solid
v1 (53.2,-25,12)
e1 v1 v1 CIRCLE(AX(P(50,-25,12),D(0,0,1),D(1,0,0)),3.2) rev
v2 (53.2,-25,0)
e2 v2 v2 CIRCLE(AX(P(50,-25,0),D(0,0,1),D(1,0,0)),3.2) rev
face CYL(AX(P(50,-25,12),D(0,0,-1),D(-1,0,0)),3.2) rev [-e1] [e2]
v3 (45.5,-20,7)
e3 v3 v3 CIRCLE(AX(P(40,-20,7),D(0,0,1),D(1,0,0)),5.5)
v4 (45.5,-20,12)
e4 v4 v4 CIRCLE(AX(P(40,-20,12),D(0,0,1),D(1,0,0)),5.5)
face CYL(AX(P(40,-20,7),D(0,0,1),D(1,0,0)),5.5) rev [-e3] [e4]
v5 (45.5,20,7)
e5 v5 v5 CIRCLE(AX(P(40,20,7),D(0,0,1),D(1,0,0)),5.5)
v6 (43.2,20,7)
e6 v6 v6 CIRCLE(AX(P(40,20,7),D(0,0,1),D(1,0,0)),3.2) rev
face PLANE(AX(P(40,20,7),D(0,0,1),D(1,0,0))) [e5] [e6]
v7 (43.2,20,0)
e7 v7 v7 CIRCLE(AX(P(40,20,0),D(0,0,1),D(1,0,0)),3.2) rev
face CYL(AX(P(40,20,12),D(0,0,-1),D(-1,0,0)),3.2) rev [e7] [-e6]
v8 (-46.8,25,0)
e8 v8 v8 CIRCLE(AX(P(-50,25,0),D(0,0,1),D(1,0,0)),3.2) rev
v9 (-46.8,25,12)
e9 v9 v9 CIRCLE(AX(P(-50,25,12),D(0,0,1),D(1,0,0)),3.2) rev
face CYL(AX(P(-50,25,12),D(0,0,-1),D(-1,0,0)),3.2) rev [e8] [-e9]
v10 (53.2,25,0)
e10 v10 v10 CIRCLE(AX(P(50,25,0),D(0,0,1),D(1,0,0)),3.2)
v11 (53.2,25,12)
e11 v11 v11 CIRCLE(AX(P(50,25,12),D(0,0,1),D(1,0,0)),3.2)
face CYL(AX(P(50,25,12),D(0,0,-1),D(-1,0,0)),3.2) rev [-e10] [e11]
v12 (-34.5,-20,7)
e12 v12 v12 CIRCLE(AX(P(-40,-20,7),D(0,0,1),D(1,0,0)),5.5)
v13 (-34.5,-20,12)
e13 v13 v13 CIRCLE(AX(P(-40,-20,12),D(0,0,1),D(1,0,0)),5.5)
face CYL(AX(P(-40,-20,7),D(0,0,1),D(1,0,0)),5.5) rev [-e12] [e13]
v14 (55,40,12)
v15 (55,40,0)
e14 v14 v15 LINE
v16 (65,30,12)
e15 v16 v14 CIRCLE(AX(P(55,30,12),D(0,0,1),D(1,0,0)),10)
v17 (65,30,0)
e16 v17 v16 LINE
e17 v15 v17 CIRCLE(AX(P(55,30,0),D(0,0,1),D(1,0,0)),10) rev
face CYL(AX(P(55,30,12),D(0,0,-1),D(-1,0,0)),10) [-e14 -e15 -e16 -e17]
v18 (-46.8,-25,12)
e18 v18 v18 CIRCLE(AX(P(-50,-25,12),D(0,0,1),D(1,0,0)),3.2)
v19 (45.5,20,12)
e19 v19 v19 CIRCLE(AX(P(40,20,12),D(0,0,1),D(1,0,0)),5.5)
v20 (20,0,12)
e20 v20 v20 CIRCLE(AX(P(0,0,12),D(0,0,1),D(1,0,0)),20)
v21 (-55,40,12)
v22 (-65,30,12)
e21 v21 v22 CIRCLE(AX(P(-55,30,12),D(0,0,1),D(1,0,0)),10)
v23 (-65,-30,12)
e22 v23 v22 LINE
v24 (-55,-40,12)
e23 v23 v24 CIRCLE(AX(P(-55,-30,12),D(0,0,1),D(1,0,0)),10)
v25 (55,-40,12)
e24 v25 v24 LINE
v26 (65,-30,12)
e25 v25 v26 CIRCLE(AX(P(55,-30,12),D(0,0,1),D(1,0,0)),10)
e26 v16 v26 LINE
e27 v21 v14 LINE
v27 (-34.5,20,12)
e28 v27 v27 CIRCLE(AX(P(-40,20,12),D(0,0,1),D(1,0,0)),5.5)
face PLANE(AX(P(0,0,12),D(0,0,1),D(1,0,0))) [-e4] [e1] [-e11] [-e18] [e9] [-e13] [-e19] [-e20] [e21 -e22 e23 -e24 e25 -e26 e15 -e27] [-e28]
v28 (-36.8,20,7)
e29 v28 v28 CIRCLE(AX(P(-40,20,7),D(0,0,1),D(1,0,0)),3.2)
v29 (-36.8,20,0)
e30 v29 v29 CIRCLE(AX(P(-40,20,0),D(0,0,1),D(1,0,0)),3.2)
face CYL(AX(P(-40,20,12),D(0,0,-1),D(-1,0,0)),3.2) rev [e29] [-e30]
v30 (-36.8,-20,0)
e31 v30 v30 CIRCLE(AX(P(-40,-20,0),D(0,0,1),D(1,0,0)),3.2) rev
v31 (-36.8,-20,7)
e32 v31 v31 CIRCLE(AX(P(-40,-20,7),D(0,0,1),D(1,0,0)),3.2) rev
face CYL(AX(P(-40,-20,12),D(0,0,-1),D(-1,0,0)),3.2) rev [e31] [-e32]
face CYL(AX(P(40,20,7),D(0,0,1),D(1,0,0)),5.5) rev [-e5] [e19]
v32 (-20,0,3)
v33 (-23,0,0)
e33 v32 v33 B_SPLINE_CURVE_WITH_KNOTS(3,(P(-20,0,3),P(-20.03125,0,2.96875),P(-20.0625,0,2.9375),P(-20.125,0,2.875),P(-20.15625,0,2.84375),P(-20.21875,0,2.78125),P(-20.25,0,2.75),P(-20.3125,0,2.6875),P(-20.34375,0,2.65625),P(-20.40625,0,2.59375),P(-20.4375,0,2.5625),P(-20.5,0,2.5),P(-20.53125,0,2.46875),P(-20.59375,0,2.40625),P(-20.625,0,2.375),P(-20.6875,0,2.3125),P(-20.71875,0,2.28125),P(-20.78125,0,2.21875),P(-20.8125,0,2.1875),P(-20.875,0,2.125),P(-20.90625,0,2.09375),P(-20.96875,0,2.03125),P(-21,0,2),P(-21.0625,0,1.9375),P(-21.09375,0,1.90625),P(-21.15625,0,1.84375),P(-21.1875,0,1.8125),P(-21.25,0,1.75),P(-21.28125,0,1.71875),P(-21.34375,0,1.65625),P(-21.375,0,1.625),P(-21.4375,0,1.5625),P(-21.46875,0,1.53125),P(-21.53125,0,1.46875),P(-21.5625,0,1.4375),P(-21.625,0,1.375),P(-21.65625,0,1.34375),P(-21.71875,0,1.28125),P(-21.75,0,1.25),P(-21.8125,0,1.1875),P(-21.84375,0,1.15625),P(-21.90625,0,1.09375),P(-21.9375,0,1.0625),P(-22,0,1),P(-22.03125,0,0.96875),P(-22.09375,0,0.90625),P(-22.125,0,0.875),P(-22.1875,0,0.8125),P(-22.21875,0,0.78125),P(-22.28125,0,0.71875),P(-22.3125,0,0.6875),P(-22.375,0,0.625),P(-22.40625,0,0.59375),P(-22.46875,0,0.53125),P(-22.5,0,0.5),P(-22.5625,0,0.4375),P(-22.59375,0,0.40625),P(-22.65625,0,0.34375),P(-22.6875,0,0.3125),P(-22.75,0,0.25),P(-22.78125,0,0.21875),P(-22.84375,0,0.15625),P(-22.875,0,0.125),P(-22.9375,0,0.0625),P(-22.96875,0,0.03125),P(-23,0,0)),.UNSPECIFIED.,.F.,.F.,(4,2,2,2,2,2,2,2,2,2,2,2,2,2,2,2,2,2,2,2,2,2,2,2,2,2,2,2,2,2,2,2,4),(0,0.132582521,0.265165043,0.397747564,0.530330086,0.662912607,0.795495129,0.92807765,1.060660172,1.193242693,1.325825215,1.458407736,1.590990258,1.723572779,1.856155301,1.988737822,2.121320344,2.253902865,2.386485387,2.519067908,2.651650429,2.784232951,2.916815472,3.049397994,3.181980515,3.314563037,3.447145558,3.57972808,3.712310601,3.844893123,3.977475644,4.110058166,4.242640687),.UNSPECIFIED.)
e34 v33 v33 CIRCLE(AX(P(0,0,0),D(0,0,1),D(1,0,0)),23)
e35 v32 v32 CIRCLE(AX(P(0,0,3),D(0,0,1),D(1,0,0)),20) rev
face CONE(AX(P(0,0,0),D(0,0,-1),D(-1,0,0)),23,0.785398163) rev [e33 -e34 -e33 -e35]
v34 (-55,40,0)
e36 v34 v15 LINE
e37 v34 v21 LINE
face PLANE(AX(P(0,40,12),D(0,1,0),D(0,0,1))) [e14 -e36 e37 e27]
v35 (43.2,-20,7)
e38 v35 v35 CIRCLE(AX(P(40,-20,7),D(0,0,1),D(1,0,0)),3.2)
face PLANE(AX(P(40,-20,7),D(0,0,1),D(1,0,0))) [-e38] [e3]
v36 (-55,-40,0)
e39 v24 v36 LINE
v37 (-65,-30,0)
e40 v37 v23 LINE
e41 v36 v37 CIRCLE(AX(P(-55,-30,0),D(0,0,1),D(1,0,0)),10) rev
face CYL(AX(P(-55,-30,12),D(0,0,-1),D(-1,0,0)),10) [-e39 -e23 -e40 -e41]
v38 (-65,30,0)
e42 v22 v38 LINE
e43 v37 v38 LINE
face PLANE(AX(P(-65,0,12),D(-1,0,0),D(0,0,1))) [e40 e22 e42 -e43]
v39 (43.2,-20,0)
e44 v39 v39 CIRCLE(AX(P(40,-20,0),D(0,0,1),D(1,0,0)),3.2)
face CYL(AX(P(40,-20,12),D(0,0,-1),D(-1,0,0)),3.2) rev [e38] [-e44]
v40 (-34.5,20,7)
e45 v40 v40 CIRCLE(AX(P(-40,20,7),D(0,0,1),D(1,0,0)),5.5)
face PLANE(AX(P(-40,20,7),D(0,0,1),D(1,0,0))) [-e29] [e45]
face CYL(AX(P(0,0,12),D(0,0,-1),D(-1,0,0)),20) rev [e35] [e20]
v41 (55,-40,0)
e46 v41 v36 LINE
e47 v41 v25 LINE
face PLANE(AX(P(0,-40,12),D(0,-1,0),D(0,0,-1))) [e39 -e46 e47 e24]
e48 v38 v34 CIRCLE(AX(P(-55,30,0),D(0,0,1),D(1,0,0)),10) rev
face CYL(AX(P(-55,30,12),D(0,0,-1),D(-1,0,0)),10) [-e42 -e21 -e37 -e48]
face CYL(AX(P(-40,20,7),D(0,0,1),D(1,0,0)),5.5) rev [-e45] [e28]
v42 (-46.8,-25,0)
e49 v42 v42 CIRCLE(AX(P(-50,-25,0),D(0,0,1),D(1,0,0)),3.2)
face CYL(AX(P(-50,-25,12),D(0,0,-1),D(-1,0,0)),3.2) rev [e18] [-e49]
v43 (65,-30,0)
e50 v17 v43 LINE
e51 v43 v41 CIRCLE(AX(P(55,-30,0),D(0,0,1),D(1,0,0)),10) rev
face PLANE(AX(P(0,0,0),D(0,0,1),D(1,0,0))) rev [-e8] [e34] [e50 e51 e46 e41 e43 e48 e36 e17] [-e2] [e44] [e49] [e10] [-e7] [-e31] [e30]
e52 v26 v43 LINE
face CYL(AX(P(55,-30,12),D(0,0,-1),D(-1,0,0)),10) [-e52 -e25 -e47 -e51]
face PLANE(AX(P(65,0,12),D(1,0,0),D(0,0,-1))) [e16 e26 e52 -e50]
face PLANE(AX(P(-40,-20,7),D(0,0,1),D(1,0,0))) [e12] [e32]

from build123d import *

# Parameters (mm, degrees)
SKETCH_1_R          = 3.2
SKETCH_1_R_2        = 20
EXTRUDE_1_DEPTH     = 12
FILLET_1_R          = 10
CHAMFER_1_SIZE      = 3
SKETCH_2_R          = 5.5
CUT_EXTRUDE_1_DEPTH = 5


with BuildPart() as part:
    # 草图1 → 凸台-拉伸1 (new body)
    with BuildSketch(Plane.XY):
        Polygon((50, 40), (-50, 40), (-65, 40), (-65, -40), (-50, -40), (50, -40), (65, -40), (65, 40), align=None)
        with Locations((-50, -25)):
            Circle(SKETCH_1_R, mode=Mode.SUBTRACT)
        with Locations((-40, -20)):
            Circle(SKETCH_1_R, mode=Mode.SUBTRACT)
        with Locations((40, -20)):
            Circle(SKETCH_1_R, mode=Mode.SUBTRACT)
        with Locations((50, -25)):
            Circle(SKETCH_1_R, mode=Mode.SUBTRACT)
        with Locations((-50, 25)):
            Circle(SKETCH_1_R, mode=Mode.SUBTRACT)
        with Locations((-40, 20)):
            Circle(SKETCH_1_R, mode=Mode.SUBTRACT)
        Circle(SKETCH_1_R_2, mode=Mode.SUBTRACT)
        with Locations((40, 20)):
            Circle(SKETCH_1_R, mode=Mode.SUBTRACT)
        with Locations((50, 25)):
            Circle(SKETCH_1_R, mode=Mode.SUBTRACT)
    extrude(amount=EXTRUDE_1_DEPTH)

    # 圆角1
    fillet_1_edges = [part.edges().sort_by_distance(p)[0] for p in [
        (-65, -40, 6),
        (-65, 40, 6),
        (65, 40, 6),
        (65, -40, 6),
    ]]
    fillet(fillet_1_edges, radius=FILLET_1_R)

    # 倒角1
    chamfer_1_edges = [part.edges().sort_by_distance(p)[0] for p in [
        (-20, 0, 0),
    ]]
    chamfer(chamfer_1_edges, length=CHAMFER_1_SIZE)

    # 草图2 → 切除-拉伸1 (cut)
    with BuildSketch(Plane.XY.offset(12)):
        with Locations((-40, 20)):
            Circle(SKETCH_2_R)
        with Locations((-40, -20)):
            Circle(SKETCH_2_R)
        with Locations((40, 20)):
            Circle(SKETCH_2_R)
        with Locations((40, -20)):
            Circle(SKETCH_2_R)
    extrude(amount=-CUT_EXTRUDE_1_DEPTH, mode=Mode.SUBTRACT)


solid = part.part
